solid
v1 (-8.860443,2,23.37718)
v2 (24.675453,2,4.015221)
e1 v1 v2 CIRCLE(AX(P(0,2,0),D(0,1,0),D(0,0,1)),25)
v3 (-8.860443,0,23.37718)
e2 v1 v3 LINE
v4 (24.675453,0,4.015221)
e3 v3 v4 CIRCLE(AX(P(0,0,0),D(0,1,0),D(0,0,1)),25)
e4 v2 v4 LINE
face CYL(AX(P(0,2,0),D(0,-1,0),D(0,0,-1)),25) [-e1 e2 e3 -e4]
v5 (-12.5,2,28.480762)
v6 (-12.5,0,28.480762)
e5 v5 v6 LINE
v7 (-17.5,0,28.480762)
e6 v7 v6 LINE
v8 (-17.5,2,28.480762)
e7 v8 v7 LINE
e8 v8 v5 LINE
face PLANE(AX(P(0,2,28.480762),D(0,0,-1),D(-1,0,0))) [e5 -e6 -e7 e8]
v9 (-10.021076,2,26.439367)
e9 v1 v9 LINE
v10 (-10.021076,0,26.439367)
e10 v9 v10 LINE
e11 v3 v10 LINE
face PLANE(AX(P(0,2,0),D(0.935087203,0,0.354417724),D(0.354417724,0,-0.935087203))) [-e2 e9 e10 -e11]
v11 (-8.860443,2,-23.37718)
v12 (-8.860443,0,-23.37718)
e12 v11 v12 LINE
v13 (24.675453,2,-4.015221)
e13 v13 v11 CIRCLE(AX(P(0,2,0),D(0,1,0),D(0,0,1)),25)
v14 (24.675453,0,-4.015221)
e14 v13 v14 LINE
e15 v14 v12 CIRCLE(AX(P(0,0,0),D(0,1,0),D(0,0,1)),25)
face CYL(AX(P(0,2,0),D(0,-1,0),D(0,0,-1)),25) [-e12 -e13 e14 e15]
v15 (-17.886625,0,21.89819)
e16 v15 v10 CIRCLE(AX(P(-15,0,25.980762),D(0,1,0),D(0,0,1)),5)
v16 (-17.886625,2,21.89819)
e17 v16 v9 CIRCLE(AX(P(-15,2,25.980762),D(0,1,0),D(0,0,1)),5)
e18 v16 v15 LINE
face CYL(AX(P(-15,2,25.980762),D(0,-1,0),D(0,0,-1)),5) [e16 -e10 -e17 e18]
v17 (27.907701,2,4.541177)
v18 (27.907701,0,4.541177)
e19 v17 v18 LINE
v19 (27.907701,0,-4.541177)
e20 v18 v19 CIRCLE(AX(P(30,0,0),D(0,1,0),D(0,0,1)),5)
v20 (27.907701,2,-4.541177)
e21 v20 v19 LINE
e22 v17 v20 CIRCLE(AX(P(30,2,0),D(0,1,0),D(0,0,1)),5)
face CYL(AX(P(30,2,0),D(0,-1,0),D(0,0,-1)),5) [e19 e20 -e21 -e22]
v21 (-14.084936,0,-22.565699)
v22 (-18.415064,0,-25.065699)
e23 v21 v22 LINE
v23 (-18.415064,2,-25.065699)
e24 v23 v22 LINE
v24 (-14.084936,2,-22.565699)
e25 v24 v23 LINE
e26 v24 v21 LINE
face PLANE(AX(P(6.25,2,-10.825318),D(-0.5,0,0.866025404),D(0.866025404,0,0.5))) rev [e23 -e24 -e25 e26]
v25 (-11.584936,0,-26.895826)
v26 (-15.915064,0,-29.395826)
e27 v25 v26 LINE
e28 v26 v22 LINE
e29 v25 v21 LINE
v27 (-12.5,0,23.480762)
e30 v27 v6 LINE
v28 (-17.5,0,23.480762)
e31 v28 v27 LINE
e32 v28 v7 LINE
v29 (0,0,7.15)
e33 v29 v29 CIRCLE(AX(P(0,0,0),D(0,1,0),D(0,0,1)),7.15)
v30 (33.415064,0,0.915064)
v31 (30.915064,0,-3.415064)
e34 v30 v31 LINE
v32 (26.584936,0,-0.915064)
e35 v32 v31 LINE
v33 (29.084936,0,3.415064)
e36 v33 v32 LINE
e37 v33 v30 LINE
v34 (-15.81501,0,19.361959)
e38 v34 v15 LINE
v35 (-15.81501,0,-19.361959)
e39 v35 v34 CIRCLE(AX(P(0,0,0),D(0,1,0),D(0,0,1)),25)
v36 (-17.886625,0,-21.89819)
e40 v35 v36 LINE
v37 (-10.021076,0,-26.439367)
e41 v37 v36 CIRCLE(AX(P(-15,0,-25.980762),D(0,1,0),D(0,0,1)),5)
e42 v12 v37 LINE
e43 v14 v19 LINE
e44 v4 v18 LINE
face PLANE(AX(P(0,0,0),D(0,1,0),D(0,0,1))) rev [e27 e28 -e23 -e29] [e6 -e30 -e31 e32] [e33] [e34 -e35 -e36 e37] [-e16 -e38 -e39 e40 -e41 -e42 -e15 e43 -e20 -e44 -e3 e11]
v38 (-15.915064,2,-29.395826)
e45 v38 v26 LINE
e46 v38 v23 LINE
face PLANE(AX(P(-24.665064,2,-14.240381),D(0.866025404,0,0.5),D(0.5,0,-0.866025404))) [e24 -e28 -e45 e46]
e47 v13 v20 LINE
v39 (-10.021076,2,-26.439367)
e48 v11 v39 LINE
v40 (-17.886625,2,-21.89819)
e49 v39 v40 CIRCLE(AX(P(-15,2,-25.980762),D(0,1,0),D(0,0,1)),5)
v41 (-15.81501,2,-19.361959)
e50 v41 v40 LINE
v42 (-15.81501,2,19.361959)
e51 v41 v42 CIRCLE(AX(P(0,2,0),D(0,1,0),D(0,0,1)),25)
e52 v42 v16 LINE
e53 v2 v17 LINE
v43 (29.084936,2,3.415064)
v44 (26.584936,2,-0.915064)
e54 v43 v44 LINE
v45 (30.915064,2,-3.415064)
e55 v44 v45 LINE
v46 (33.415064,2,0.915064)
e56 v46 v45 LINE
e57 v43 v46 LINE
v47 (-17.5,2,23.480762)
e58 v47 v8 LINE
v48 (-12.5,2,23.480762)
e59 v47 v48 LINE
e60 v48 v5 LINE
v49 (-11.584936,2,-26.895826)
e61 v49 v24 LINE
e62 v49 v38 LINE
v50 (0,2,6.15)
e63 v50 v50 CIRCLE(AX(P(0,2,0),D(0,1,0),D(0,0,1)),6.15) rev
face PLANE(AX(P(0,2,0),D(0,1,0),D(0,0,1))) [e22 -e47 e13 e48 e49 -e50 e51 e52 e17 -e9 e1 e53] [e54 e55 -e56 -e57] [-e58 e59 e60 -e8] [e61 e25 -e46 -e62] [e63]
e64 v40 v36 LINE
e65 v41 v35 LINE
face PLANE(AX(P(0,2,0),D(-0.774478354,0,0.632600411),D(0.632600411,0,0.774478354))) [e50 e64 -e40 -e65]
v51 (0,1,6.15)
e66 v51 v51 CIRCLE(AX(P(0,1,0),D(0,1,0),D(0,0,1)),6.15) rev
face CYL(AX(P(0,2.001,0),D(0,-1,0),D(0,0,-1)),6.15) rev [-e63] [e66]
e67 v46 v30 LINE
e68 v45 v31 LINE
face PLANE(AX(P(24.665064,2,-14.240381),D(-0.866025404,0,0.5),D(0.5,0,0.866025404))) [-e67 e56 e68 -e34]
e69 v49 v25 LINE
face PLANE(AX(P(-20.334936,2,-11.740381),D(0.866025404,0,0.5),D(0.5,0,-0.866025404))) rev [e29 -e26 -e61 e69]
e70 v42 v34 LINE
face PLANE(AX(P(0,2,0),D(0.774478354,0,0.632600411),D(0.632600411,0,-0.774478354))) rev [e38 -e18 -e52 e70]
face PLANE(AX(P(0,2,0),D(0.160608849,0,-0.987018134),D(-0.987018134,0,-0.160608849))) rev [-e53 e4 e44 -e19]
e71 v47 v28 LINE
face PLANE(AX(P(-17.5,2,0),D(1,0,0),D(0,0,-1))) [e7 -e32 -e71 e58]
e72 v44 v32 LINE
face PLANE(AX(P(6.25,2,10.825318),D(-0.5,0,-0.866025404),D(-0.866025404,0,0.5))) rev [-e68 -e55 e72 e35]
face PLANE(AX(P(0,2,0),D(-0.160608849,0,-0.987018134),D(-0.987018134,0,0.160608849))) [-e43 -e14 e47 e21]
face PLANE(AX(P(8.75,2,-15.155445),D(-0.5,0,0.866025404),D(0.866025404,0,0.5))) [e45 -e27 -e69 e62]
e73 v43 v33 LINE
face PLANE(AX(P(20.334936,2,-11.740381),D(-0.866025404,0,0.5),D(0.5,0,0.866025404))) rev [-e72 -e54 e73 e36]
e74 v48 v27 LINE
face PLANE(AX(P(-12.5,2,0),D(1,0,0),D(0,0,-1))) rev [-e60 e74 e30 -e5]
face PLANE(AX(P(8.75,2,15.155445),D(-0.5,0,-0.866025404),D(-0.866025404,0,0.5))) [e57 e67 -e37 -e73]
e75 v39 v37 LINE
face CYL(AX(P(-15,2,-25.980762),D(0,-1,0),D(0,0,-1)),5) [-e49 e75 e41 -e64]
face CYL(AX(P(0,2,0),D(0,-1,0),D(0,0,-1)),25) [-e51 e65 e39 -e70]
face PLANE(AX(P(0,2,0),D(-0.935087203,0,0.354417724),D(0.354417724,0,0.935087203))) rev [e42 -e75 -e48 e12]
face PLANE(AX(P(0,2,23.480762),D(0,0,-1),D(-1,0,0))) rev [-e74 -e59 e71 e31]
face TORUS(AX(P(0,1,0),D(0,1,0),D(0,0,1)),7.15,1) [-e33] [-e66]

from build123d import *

# Parameters (mm, degrees)
SKETCH1_W           = 5
SKETCH1_H           = 5
BOSS_EXTRUDE1_DEPTH = 2
CUT_EXTRUDE1_REACH  = 48.785
SKETCH2_R           = 6.15
FILLET1_R           = 1


with BuildPart() as part:
    # Sketch1 → Boss-Extrude1 (new body)
    with BuildSketch(Plane(origin=(0, 0, 0), x_dir=(1, 0, 0), z_dir=(0, 1, 0))):
        with BuildLine():
            ThreePointArc((-8.860443092, -23.377180074), (12.5, -21.650635095), (24.675453359, -4.01522123))
            Line((24.675453359, -4.01522123), (27.907701299, -4.541176736))
            ThreePointArc((27.907701299, -4.541176736), (35, 0), (27.907701299, 4.541176736))
            Line((27.907701299, 4.541176736), (24.675453359, 4.01522123))
            ThreePointArc((24.675453359, 4.01522123), (12.5, 21.650635095), (-8.860443092, 23.377180074))
            Line((-8.860443092, 23.377180074), (-10.021076233, 26.439366654))
            ThreePointArc((-10.021076233, 26.439366654), (-17.5, 30.310889132), (-17.886625066, 21.898189918))
            Line((-17.886625066, 21.898189918), (-15.815010267, 19.361958844))
            ThreePointArc((-15.815010267, 19.361958844), (-25, 0), (-15.815010267, -19.361958844))
            Line((-15.815010267, -19.361958844), (-17.886625066, -21.898189918))
            ThreePointArc((-17.886625066, -21.898189918), (-17.5, -30.310889132), (-10.021076233, -26.439366654))
            Line((-10.021076233, -26.439366654), (-8.860443092, -23.377180074))
        make_face()
        with Locations((-15, -25.980762114)):
            Rectangle(SKETCH1_W, SKETCH1_H, mode=Mode.SUBTRACT)
        Polygon((26.584936491, 0.915063509), (30.915063509, 3.415063509), (33.415063509, -0.915063509), (29.084936491, -3.415063509), align=None, mode=Mode.SUBTRACT)
        Polygon((-11.584936491, 26.895825623), (-14.084936491, 22.565698604), (-18.415063509, 25.065698604), (-15.915063509, 29.395825623), align=None, mode=Mode.SUBTRACT)
    extrude(amount=BOSS_EXTRUDE1_DEPTH)

    # Sketch2 → Cut-Extrude1 (cut, up to next)
    with BuildSketch(Plane(origin=(0, 0, 0), x_dir=(-1, 0, 0), z_dir=(0, -1, 0)), mode=Mode.PRIVATE) as cut_extrude1_sk1:
        Circle(SKETCH2_R)
    cut_extrude1_tool1 = extrude(cut_extrude1_sk1.sketch, amount=-CUT_EXTRUDE1_REACH, mode=Mode.PRIVATE) & part.part
    add(cut_extrude1_tool1.solids().sort_by_distance((0, 0, 0))[0], mode=Mode.SUBTRACT)

    # Fillet1
    fillet1_edges = [part.edges().sort_by_distance(p)[0] for p in [
        (6.15, 0, 0),
    ]]
    fillet(fillet1_edges, radius=FILLET1_R)


solid = part.part
